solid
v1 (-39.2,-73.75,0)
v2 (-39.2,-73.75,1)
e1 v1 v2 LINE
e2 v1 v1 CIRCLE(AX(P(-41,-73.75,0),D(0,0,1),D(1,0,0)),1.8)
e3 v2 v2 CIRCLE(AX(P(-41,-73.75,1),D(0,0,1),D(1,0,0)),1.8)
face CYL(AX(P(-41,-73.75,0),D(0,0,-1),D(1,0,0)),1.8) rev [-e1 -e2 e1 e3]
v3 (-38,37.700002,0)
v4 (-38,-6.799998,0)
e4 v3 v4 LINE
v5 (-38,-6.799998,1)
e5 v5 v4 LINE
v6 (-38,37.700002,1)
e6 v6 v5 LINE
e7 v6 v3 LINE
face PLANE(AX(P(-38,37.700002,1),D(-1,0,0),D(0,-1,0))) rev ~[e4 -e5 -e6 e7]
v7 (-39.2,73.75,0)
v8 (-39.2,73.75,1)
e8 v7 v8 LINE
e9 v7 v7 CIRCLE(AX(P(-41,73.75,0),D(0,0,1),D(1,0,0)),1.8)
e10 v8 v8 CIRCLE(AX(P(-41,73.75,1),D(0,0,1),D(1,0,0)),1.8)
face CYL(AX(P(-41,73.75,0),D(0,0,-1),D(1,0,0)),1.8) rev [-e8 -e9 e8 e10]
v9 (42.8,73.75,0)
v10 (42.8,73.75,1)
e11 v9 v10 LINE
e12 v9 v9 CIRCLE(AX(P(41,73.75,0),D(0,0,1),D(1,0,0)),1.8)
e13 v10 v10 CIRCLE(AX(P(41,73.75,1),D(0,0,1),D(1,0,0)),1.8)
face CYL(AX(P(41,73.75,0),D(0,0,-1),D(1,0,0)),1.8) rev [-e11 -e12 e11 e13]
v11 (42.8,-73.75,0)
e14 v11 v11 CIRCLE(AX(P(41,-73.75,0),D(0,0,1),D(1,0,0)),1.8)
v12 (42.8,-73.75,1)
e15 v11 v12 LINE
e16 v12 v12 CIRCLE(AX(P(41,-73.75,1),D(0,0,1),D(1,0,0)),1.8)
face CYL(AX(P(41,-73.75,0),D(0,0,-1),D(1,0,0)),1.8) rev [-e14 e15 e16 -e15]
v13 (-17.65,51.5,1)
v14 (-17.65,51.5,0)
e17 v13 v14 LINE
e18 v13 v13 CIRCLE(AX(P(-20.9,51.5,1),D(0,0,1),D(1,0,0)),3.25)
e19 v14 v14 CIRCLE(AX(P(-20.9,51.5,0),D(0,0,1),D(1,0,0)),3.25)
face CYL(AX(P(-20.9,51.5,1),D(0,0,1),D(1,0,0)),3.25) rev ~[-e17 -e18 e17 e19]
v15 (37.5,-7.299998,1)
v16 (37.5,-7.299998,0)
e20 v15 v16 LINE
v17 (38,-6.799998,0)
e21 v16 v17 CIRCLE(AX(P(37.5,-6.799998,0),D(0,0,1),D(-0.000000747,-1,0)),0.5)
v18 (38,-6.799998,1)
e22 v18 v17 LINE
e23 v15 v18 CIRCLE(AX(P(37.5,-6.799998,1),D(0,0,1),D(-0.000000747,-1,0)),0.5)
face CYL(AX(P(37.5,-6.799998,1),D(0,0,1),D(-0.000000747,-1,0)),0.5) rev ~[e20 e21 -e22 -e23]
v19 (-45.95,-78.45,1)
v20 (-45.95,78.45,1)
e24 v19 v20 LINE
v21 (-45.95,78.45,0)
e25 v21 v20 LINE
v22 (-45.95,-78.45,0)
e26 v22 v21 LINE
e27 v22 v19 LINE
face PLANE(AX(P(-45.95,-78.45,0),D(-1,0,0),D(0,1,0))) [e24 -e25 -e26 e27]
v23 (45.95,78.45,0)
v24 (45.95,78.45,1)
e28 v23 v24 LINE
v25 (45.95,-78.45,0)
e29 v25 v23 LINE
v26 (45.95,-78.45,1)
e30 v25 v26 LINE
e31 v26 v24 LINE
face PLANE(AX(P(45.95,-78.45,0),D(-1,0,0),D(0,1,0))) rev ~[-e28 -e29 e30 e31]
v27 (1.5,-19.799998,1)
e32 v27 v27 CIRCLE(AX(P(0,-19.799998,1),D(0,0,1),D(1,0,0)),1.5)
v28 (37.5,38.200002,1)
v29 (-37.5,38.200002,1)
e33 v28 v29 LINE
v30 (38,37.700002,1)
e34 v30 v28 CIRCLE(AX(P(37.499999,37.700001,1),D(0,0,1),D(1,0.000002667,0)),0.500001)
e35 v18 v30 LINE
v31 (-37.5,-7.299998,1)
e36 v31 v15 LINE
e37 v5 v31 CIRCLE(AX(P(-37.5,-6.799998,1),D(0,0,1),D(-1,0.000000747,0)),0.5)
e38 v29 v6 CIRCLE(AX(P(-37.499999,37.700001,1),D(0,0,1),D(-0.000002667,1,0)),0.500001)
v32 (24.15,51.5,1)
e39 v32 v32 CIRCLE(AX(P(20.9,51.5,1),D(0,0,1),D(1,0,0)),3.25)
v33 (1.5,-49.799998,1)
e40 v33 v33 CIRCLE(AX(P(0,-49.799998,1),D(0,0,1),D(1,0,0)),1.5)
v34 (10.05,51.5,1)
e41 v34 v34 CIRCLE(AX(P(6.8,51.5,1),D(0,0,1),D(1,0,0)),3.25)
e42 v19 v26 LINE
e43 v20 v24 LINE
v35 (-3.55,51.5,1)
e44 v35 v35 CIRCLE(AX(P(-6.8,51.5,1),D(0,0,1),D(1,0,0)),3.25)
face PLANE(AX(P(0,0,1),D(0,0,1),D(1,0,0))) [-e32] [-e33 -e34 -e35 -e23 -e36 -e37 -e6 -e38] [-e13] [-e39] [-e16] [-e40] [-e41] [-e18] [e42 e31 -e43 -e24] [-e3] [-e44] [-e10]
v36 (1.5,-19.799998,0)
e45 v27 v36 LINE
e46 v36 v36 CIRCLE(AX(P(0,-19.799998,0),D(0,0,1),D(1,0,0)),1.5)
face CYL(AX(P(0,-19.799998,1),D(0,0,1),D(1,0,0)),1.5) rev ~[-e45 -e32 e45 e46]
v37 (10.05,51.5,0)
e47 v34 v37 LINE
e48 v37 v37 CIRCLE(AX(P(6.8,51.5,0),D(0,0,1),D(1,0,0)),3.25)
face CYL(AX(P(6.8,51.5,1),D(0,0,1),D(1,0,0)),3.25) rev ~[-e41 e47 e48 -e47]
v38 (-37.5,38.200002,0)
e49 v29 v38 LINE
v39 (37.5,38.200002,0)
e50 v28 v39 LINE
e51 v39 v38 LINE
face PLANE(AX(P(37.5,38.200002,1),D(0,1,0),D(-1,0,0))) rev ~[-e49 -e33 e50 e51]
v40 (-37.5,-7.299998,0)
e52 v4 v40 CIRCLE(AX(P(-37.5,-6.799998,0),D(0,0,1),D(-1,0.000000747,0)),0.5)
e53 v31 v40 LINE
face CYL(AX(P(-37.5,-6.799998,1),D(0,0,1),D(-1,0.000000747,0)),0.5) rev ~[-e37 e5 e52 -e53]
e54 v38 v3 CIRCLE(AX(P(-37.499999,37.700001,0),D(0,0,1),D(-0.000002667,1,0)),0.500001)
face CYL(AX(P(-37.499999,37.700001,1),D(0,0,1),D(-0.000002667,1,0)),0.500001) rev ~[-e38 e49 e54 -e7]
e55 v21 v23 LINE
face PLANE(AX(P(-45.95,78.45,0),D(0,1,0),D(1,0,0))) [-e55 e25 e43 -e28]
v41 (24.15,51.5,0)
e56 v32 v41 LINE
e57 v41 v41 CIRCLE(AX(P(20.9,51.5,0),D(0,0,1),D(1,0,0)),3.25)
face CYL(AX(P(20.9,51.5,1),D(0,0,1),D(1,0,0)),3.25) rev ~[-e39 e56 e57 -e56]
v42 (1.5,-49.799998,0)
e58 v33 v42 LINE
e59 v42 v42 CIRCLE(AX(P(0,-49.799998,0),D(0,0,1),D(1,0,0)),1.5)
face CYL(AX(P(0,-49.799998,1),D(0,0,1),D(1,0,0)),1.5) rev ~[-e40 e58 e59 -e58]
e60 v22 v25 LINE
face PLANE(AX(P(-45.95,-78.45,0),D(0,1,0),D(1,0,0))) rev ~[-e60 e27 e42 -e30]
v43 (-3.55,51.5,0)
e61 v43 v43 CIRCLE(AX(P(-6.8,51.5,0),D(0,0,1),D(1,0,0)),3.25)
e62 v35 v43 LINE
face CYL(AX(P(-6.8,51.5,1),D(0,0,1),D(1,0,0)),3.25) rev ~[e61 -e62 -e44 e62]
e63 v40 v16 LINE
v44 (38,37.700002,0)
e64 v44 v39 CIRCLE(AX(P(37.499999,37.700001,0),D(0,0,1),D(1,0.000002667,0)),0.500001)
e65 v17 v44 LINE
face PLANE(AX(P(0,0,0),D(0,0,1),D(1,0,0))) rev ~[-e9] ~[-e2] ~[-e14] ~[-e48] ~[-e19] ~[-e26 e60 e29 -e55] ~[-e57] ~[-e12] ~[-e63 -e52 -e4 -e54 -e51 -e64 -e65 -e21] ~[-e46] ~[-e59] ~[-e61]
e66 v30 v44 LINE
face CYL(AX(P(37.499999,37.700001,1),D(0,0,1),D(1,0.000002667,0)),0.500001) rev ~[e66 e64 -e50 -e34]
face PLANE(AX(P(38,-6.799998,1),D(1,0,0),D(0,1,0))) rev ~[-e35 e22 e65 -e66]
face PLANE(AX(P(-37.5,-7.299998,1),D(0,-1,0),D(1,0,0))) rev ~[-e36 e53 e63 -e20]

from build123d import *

# Parameters (mm, degrees)
F0_W     = 91.9
F0_H     = 156.9
F0_R     = 1.8
F1_DEPTH = 1
F2_R     = 3.25
F2_R_2   = 1.5
F3_DEPTH = 2


with BuildPart() as f1:
    # F0 (on Top) → F1 (new body)
    with BuildSketch(Plane.XY):
        Rectangle(F0_W, F0_H)
        with Locations((-41, -73.75)):
            Circle(F0_R, mode=Mode.SUBTRACT)
        with Locations((41, -73.75)):
            Circle(F0_R, mode=Mode.SUBTRACT)
        with Locations((-41, 73.75)):
            Circle(F0_R, mode=Mode.SUBTRACT)
        with Locations((41, 73.75)):
            Circle(F0_R, mode=Mode.SUBTRACT)
    extrude(amount=F1_DEPTH)

    # F2 (on face) → F3 (cut)
    with BuildSketch(Plane.XY.offset(1)):
        with Locations((20.9, 51.5)):
            Circle(F2_R)
        with Locations((-20.9, 51.5)):
            Circle(F2_R)
        with Locations((6.8, 51.5)):
            Circle(F2_R)
        with Locations((-6.8, 51.5)):
            Circle(F2_R)
        with BuildLine():
            Line((-37.5, -7.299998), (37.5, -7.299998))
            ThreePointArc((37.5, -7.299998), (37.853553, -7.153552), (38, -6.799998))
            Line((38, -6.799998), (38, 37.700002))
            ThreePointArc((38, 37.700002), (37.853553, 38.053555), (37.5, 38.200002))
            Line((37.5, 38.200002), (-37.5, 38.200002))
            ThreePointArc((-37.5, 38.200002), (-37.853553, 38.053555), (-38, 37.700002))
            Line((-38, 37.700002), (-38, -6.799998))
            ThreePointArc((-38, -6.799998), (-37.853553, -7.153552), (-37.5, -7.299998))
        make_face()
        with Locations((0, -19.799998)):
            Circle(F2_R_2)
        with Locations((0, -49.799998)):
            Circle(F2_R_2)
    extrude(amount=-F3_DEPTH, mode=Mode.SUBTRACT)


solid = f1.part
